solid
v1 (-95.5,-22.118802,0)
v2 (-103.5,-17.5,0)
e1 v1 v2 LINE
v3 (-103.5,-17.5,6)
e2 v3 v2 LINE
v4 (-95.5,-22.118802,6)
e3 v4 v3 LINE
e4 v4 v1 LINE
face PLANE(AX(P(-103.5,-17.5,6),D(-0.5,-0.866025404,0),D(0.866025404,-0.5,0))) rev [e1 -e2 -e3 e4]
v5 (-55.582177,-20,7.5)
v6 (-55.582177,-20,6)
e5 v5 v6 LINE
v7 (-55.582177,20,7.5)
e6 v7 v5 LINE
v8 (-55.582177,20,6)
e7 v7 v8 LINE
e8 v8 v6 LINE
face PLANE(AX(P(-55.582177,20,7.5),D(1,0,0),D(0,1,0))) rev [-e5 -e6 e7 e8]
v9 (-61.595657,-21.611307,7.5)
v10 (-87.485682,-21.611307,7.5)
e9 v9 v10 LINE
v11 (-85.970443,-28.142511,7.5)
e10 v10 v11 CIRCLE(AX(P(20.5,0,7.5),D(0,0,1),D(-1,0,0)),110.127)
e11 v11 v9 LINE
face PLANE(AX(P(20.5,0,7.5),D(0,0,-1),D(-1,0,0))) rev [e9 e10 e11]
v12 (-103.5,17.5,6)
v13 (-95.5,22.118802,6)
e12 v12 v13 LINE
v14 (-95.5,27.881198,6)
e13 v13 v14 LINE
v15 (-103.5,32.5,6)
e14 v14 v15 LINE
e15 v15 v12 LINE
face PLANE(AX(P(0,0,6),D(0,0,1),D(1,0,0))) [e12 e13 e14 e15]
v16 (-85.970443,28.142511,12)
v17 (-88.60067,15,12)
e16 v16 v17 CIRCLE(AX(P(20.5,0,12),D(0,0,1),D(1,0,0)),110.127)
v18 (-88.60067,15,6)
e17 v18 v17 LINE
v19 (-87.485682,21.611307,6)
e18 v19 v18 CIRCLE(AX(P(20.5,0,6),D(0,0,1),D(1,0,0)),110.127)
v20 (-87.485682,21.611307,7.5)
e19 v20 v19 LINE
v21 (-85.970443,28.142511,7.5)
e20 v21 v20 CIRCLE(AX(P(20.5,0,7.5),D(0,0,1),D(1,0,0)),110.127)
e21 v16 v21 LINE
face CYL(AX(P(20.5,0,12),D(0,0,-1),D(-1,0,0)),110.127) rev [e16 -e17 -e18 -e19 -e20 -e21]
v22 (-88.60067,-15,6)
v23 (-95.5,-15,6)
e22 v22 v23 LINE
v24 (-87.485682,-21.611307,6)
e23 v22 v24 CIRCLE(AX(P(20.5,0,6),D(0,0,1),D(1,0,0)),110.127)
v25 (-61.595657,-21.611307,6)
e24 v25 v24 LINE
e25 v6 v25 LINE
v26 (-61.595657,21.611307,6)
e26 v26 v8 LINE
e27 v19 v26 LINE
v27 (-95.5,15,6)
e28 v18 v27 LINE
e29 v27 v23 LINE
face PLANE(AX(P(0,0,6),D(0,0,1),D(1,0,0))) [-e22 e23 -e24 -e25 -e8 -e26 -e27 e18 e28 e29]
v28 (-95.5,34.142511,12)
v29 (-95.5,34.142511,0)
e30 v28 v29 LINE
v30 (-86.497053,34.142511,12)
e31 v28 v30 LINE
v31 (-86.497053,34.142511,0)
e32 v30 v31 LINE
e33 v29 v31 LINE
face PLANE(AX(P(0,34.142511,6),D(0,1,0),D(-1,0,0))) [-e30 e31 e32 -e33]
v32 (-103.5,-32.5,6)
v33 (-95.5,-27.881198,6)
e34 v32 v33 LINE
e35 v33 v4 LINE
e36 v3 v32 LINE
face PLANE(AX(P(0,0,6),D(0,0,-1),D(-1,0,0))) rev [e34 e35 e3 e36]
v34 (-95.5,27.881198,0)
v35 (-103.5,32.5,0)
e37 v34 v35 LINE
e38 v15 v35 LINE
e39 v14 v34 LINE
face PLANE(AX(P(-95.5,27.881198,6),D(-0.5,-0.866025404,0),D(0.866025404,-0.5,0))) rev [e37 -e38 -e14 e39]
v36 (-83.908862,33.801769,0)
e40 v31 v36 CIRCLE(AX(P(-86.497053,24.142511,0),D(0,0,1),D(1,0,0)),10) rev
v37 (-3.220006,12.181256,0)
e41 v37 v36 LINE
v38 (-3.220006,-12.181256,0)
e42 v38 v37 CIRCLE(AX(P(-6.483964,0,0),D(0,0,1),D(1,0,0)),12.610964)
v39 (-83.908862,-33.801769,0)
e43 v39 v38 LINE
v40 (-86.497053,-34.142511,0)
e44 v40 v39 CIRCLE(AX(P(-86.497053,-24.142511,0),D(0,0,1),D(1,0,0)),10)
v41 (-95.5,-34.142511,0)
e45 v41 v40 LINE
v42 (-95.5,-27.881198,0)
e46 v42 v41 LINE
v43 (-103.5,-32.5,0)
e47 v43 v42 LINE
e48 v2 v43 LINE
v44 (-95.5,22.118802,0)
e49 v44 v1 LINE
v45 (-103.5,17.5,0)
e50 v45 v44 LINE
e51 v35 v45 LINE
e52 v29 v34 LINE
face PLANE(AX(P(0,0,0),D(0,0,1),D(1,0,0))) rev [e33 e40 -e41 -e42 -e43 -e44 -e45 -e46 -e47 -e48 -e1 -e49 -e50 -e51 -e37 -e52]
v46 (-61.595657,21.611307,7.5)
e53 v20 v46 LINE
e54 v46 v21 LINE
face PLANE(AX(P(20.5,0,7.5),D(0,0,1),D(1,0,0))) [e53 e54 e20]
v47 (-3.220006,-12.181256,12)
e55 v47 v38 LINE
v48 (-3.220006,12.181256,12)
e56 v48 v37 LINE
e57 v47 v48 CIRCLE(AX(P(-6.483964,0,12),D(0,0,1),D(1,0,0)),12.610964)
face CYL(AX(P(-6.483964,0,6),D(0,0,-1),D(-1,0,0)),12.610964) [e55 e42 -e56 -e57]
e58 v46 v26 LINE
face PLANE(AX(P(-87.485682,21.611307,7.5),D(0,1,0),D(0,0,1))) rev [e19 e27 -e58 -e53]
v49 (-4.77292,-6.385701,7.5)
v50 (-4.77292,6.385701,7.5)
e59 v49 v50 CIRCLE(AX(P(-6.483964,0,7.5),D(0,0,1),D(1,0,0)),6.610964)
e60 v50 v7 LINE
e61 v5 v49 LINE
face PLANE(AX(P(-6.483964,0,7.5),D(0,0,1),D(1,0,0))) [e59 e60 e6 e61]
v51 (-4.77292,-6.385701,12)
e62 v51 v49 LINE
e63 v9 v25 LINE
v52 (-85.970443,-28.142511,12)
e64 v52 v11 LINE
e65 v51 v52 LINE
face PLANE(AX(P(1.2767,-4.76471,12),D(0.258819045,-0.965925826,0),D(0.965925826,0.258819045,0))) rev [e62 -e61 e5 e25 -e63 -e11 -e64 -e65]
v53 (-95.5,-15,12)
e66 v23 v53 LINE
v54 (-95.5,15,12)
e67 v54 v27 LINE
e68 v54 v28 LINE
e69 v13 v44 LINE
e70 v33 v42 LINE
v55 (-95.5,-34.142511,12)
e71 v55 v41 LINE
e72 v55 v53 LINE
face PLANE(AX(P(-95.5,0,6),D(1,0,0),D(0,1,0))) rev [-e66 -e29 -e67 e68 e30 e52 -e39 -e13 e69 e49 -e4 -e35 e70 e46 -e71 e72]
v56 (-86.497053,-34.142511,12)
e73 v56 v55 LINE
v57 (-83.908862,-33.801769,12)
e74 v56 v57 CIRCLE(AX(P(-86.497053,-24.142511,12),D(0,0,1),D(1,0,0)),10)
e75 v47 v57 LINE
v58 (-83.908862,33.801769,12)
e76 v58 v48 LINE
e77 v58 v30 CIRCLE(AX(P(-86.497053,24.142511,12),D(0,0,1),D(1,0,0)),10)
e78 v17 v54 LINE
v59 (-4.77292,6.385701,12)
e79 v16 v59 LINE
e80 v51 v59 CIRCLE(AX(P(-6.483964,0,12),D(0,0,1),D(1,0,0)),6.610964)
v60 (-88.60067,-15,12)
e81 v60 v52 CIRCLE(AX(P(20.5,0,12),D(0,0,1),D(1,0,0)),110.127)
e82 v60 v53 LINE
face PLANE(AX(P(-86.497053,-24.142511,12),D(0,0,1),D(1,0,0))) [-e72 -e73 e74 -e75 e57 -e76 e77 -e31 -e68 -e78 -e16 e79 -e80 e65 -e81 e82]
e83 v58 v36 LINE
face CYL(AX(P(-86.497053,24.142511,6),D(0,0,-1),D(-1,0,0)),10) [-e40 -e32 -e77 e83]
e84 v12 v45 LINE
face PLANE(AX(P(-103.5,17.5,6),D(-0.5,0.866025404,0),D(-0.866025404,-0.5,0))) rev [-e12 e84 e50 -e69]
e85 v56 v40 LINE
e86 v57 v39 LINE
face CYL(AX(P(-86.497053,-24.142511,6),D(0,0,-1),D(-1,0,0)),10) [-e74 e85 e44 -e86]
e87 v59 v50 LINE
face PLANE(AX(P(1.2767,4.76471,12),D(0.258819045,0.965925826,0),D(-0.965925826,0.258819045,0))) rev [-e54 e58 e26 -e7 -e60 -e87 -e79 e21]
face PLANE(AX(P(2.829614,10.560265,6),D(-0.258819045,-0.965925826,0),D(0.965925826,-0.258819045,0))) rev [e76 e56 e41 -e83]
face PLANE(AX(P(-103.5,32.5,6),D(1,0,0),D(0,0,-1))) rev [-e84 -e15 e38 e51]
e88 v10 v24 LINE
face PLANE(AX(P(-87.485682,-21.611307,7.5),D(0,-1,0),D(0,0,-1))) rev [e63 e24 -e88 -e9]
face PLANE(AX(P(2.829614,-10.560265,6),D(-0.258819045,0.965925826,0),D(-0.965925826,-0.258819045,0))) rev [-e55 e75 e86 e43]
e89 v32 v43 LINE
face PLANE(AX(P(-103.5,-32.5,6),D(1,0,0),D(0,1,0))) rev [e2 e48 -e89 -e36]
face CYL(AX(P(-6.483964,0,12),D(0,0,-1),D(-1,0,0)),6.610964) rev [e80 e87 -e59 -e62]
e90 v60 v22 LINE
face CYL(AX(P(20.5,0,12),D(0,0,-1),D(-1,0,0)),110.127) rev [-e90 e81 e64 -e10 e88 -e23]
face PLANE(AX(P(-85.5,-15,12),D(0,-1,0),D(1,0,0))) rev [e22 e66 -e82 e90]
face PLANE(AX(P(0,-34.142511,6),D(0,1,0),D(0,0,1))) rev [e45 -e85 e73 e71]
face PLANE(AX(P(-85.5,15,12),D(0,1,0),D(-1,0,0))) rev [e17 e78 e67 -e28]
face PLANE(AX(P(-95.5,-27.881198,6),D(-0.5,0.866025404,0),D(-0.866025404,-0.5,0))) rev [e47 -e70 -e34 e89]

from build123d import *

# Parameters (mm, degrees)
BOSS_EXTRUDE1_DEPTH = 6
BOSS_EXTRUDE2_START = 6
BOSS_EXTRUDE2_DEPTH = 6
BOSS_EXTRUDE3_DEPTH = 6
SKETCH3_W           = 6
SKETCH3_H           = 30
CUT_EXTRUDE1_DEPTH  = 10
BOSS_EXTRUDE4_DEPTH = 1.5


with BuildPart() as part:
    # Sketch1 → Boss-Extrude1 (new body)
    # profile 1 of 2: a face of its own
    with BuildSketch(Plane.XY):
        with BuildLine():
            Line((-95.5, -34.142511157), (-86.497052813, -34.142511157))
            ThreePointArc((-86.497052813, -34.142511157), (-85.191790891, -34.05695977), (-83.908862362, -33.80176942))
            Line((-83.908862362, -33.80176942), (-3.220006135, -12.181255556))
            ThreePointArc((-3.220006135, -12.181255556), (6.127, 0), (-3.220006135, 12.181255556))
            Line((-3.220006135, 12.181255556), (-83.908862362, 33.80176942))
            ThreePointArc((-83.908862362, 33.80176942), (-85.191790891, 34.05695977), (-86.497052813, 34.142511157))
            Line((-86.497052813, 34.142511157), (-95.5, 34.142511157))
            Line((-95.5, 34.142511157), (-95.5, -34.142511157))
        make_face()
        with BuildLine():
            ThreePointArc((-4.772920406, -6.385700598), (0.127, 0), (-4.772920406, 6.385700598))
            Line((-4.772920406, 6.385700598), (-85.970442822, 28.142511157))
            ThreePointArc((-85.970442822, 28.142511157), (-89.627, 0), (-85.970442822, -28.142511157))
            Line((-85.970442822, -28.142511157), (-4.772920406, -6.385700598))
        make_face(mode=Mode.SUBTRACT)
    # profile 2 of 2: a face of its own
    with BuildSketch(Plane.XY):
        with BuildLine():
            Line((-85.970442822, -28.142511157), (-4.772920406, -6.385700598))
            ThreePointArc((-4.772920406, -6.385700598), (0.127, 0), (-4.772920406, 6.385700598))
            Line((-4.772920406, 6.385700598), (-85.970442822, 28.142511157))
            ThreePointArc((-85.970442822, 28.142511157), (-89.627, 0), (-85.970442822, -28.142511157))
        make_face()
    extrude(amount=BOSS_EXTRUDE1_DEPTH)

    # Sketch1<3> → Boss-Extrude2 (add)
    with BuildSketch(Plane.XY.offset(BOSS_EXTRUDE2_START)):
        with BuildLine():
            Line((-83.908862362, -33.80176942), (-3.220006135, -12.181255556))
            ThreePointArc((-3.220006135, -12.181255556), (6.127, 0), (-3.220006135, 12.181255556))
            Line((-3.220006135, 12.181255556), (-83.908862362, 33.80176942))
            ThreePointArc((-83.908862362, 33.80176942), (-85.191790891, 34.05695977), (-86.497052813, 34.142511157))
            Line((-86.497052813, 34.142511157), (-95.5, 34.142511157))
            Line((-95.5, 34.142511157), (-95.5, -34.142511157))
            Line((-95.5, -34.142511157), (-86.497052813, -34.142511157))
            ThreePointArc((-86.497052813, -34.142511157), (-85.191790891, -34.05695977), (-83.908862362, -33.80176942))
        make_face()
        with BuildLine():
            Line((-85.970442822, -28.142511157), (-4.772920406, -6.385700598))
            ThreePointArc((-4.772920406, -6.385700598), (0.127, 0), (-4.772920406, 6.385700598))
            Line((-4.772920406, 6.385700598), (-85.970442822, 28.142511157))
            ThreePointArc((-85.970442822, 28.142511157), (-89.627, 0), (-85.970442822, -28.142511157))
        make_face(mode=Mode.SUBTRACT)
    extrude(amount=BOSS_EXTRUDE2_DEPTH)

    # Sketch2 → Boss-Extrude3 (add)
    with BuildSketch(Plane.XY):
        Polygon((-95.5, 27.881197846), (-103.5, 32.5), (-103.5, 17.5), (-95.5, 22.118802154), align=None)
        Polygon((-103.5, -17.5), (-95.5, -22.118802154), (-95.5, -27.881197846), (-103.5, -32.5), align=None)
    extrude(amount=BOSS_EXTRUDE3_DEPTH)

    # Sketch3 → Cut-Extrude1 (cut)
    with BuildSketch(Plane.ZY.offset(95.5)):
        with Locations((9, 0)):
            Rectangle(SKETCH3_W, SKETCH3_H)
    extrude(amount=-CUT_EXTRUDE1_DEPTH, mode=Mode.SUBTRACT)

    # Sketch4 → Boss-Extrude4 (add)
    with BuildSketch(Plane.XY.offset(6)):
        with BuildLine():
            Line((-55.582177484, 20), (-55.582177484, -20))
            Line((-55.582177484, -20), (-4.772920406, -6.385700598))
            ThreePointArc((-4.772920406, -6.385700598), (0.127, 0), (-4.772920406, 6.385700598))
            Line((-4.772920406, 6.385700598), (-55.582177484, 20))
        make_face()
        with BuildLine():
            Line((-87.485682099, 21.611307008), (-61.595657104, 21.611307008))
            Line((-61.595657104, 21.611307008), (-85.970442822, 28.142511157))
            ThreePointArc((-85.970442822, 28.142511157), (-86.777777456, 24.888442961), (-87.485682099, 21.611307008))
        make_face()
        with BuildLine():
            Line((-85.970442822, -28.142511157), (-61.595657104, -21.611307008))
            Line((-61.595657104, -21.611307008), (-87.485682099, -21.611307008))
            ThreePointArc((-87.485682099, -21.611307008), (-86.777777456, -24.888442961), (-85.970442822, -28.142511157))
        make_face()
    extrude(amount=BOSS_EXTRUDE4_DEPTH)


solid = part.part
